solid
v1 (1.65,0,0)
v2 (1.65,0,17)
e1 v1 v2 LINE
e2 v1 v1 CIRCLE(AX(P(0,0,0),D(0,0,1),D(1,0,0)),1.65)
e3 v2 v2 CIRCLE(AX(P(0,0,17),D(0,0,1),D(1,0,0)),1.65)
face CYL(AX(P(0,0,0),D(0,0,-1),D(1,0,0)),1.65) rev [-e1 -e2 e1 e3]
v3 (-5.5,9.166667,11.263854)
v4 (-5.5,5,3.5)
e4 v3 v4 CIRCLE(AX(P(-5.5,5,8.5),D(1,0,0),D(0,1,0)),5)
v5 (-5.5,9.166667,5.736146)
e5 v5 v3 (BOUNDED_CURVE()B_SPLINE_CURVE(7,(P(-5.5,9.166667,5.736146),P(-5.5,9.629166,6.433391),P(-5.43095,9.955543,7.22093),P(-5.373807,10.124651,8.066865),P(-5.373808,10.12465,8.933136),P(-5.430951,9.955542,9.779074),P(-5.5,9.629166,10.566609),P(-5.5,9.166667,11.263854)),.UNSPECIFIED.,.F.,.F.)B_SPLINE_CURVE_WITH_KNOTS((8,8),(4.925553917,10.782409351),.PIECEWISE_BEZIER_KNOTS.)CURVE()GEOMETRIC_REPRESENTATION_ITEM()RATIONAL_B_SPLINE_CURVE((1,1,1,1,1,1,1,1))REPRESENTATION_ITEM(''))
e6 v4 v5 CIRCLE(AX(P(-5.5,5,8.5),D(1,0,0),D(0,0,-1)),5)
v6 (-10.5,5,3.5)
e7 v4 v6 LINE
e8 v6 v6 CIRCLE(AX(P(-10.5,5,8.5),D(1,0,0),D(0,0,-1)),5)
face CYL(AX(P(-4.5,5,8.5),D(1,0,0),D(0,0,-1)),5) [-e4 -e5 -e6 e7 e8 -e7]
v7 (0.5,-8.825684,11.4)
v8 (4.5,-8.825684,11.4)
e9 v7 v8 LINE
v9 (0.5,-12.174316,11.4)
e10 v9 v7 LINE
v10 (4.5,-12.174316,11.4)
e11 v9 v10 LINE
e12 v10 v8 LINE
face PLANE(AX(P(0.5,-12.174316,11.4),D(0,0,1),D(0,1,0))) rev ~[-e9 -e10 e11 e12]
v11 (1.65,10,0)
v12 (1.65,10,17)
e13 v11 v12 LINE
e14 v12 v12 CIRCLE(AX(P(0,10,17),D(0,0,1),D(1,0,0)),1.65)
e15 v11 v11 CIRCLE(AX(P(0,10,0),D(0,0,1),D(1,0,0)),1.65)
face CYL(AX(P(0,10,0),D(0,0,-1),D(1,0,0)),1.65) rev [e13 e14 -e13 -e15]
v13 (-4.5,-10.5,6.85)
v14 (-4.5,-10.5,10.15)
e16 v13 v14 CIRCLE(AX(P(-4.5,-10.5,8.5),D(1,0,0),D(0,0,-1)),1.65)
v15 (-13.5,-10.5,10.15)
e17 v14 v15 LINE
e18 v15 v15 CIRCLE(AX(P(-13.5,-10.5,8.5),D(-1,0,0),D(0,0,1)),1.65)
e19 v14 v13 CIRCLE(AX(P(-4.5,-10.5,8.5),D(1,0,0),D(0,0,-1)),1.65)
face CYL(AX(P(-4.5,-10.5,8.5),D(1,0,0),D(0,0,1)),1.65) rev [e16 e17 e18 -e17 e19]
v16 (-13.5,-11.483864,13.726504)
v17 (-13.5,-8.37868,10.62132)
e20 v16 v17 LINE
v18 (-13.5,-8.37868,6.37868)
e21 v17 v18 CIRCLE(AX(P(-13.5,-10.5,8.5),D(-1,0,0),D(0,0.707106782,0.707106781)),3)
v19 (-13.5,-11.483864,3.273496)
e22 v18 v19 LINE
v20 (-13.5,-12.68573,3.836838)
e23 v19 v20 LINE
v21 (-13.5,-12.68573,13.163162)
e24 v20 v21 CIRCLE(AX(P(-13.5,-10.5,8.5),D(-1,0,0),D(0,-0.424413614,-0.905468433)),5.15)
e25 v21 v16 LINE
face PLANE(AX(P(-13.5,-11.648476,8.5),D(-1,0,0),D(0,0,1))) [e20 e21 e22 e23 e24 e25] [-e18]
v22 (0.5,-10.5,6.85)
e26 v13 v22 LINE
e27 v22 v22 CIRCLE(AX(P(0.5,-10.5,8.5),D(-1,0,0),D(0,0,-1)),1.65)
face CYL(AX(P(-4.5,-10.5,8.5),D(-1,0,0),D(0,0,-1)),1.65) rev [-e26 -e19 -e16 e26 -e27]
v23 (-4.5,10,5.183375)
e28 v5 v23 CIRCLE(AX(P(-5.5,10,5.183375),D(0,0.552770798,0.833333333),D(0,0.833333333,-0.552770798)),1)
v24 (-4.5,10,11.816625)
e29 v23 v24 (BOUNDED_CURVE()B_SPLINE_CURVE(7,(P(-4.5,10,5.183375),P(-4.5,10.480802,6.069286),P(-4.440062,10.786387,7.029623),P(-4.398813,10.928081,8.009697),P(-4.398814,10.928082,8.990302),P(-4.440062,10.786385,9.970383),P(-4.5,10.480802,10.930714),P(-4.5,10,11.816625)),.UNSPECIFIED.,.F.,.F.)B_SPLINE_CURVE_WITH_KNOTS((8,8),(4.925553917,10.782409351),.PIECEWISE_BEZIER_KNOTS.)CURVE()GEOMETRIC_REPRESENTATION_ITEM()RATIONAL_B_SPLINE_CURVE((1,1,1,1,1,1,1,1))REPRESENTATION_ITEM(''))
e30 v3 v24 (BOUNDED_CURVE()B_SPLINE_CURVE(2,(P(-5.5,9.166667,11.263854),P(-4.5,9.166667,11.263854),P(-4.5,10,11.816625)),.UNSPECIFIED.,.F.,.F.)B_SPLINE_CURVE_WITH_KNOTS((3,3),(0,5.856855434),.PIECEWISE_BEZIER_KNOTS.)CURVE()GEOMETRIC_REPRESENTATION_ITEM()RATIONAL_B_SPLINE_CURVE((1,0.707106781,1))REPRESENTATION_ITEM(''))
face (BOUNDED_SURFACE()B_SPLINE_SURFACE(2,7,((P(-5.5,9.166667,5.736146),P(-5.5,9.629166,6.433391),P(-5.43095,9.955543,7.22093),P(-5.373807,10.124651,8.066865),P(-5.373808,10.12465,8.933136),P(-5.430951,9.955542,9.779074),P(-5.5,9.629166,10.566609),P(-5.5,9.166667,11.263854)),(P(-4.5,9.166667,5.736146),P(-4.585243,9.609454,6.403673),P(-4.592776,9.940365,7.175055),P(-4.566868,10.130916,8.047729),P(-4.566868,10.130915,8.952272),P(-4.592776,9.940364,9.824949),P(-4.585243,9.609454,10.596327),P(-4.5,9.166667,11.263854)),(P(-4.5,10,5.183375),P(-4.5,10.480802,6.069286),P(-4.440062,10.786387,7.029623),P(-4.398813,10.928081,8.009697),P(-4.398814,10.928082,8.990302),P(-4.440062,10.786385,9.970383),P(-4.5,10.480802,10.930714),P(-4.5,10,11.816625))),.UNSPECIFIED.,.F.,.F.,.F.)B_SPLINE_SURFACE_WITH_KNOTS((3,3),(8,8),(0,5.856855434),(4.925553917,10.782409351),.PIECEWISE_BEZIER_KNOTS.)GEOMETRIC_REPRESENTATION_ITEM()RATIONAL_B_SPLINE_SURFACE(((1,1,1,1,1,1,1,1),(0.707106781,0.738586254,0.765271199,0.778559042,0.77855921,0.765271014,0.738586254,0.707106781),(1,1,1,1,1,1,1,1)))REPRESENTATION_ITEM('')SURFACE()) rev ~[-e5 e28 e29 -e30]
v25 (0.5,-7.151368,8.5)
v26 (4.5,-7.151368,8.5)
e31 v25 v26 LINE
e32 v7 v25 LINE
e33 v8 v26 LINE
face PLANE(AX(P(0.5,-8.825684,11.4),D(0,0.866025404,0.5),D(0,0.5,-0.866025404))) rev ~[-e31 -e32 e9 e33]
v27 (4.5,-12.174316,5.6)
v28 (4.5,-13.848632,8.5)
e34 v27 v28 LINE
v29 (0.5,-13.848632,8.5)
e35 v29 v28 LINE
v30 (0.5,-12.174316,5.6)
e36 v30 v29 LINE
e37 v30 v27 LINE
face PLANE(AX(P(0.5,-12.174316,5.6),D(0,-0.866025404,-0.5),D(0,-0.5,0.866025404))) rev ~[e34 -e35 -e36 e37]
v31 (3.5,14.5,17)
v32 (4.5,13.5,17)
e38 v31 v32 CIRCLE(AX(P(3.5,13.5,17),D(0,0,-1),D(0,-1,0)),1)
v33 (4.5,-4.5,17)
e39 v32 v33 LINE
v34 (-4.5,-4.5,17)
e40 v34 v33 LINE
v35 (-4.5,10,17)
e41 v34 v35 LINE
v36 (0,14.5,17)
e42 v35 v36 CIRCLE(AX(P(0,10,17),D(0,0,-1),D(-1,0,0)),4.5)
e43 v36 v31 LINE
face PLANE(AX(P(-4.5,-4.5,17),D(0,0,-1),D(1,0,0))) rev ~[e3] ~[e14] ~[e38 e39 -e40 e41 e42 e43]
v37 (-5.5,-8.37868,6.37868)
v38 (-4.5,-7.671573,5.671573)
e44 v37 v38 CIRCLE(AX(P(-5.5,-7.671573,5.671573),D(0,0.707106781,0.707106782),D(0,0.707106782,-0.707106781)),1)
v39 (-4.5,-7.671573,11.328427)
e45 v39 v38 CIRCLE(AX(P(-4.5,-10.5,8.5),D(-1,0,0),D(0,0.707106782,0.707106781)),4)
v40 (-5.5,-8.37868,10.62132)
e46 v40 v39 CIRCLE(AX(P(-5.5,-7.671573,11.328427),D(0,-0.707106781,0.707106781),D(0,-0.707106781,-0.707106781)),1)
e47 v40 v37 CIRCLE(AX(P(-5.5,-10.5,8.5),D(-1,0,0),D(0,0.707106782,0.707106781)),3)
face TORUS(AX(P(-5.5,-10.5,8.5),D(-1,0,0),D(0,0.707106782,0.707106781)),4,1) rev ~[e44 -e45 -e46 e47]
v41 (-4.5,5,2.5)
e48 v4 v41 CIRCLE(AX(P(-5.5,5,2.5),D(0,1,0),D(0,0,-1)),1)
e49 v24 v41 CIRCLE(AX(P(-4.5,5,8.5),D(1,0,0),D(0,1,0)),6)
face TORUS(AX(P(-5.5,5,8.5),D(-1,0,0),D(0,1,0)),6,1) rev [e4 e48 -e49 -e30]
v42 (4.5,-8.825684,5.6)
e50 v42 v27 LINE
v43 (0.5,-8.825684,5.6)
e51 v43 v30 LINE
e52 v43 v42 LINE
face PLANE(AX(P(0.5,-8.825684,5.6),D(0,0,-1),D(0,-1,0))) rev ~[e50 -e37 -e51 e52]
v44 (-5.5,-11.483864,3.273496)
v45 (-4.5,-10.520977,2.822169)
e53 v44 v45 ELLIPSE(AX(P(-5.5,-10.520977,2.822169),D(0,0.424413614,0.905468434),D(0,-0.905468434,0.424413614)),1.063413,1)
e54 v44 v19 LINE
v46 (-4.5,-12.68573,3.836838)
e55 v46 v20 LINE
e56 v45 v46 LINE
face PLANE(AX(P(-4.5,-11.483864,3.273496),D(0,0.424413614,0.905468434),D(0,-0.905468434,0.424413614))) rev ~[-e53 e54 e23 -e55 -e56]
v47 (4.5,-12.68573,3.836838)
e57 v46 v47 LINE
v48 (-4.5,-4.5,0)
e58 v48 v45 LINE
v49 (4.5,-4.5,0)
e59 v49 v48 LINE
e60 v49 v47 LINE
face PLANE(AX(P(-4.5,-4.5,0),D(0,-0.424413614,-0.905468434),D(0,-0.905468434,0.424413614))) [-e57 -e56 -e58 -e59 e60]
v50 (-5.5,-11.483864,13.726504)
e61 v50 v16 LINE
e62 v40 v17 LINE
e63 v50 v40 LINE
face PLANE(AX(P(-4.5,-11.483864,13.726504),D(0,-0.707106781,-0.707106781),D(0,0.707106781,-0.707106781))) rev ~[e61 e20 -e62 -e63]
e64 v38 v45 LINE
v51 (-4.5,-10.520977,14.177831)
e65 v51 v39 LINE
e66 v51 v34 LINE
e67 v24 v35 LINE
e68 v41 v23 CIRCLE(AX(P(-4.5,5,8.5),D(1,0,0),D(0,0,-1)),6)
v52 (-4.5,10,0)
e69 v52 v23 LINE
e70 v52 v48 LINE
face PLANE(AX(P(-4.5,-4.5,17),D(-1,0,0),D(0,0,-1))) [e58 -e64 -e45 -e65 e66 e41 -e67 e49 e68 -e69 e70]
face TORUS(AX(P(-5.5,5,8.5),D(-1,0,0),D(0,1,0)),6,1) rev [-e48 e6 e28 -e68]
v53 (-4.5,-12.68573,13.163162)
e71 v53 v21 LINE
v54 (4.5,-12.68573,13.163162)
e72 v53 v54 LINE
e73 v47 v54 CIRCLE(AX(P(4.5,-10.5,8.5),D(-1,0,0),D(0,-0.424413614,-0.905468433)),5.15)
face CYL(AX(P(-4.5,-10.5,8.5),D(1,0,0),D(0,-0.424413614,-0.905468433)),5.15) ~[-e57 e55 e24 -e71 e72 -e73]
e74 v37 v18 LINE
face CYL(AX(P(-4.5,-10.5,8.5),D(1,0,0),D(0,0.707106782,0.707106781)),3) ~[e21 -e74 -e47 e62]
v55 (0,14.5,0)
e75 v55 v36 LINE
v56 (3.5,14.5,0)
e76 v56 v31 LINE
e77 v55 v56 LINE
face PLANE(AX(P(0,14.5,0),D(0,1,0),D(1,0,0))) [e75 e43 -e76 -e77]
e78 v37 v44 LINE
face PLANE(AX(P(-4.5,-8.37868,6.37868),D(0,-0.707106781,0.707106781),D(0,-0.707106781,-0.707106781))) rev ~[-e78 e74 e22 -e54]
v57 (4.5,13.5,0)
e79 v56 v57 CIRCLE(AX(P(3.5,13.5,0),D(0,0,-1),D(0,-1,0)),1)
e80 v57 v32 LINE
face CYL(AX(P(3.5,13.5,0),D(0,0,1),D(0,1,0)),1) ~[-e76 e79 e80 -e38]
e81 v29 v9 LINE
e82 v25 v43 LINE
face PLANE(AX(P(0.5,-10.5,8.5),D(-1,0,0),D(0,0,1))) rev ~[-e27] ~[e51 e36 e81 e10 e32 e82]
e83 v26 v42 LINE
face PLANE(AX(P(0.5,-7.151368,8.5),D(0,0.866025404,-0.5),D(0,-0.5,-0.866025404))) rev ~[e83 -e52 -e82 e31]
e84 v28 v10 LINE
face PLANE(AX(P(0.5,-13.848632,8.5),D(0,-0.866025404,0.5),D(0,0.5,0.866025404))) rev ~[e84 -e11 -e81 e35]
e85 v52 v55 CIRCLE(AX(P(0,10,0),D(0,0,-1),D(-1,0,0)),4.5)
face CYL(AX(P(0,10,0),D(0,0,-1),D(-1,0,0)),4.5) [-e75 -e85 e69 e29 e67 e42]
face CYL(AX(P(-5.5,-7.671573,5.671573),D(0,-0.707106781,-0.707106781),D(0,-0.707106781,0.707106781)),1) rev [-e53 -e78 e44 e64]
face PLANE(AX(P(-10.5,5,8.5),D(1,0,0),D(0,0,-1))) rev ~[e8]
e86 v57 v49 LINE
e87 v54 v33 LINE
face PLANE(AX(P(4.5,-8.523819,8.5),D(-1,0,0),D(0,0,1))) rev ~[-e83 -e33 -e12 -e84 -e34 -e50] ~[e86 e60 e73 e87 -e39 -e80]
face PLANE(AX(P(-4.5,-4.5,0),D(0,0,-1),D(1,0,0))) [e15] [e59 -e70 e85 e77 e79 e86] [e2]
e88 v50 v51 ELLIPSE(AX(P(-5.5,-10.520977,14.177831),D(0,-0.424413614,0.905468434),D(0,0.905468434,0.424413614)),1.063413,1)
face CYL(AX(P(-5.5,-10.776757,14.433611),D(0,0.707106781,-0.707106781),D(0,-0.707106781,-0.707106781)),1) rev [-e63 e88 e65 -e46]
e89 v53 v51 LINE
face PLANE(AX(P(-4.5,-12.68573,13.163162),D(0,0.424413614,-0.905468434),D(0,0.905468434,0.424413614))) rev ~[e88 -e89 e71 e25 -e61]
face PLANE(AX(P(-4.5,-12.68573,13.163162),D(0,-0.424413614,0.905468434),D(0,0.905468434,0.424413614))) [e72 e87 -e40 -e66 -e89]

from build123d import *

# Parameters (mm, degrees)
SKETCH2_R           = 1.65
BOSS_EXTRUDE1_DEPTH = 17
BOSS_EXTRUDE2_START = -9
SKETCH3_R           = 1.65
BOSS_EXTRUDE2_DEPTH = 9
BOSS_EXTRUDE4_REACH = 21
SKETCH4_W           = 4.5
SKETCH4_H           = 17
CUT_EXTRUDE2_START  = -5
CUT_EXTRUDE2_DEPTH  = 13
SKETCH11_R          = 5
BOSS_EXTRUDE5_DEPTH = 6
FILLET1_R           = 1
FILLET2_R           = 1
SKETCH12_R          = 1.65
BOSS_EXTRUDE6_DEPTH = 9
FILLET3_R           = 1


with BuildPart() as part:
    # Sketch2 → Boss-Extrude1 (new body)
    with BuildSketch(Plane.XY):
        with BuildLine():
            Line((-4.5, 0), (-4.5, 10))
            ThreePointArc((-4.5, 10), (-3.181980515, 13.181980515), (0, 14.5))
            Line((0, 14.5), (4.5, 14.5))
            Line((4.5, 14.5), (4.5, -4.5))
            Line((4.5, -4.5), (0, -4.5))
            ThreePointArc((0, -4.5), (-3.181980515, -3.181980515), (-4.5, 0))
        make_face()
        with Locations((0, 10)):
            Circle(SKETCH2_R, mode=Mode.SUBTRACT)
        Circle(SKETCH2_R, mode=Mode.SUBTRACT)
    extrude(amount=BOSS_EXTRUDE1_DEPTH)

    # Sketch3 → Boss-Extrude2 (add)
    with BuildSketch(Plane(origin=(4.5, 0, 0), x_dir=(0, 0, -1), z_dir=(1, 0, 0)).offset(BOSS_EXTRUDE2_START)):
        with BuildLine():
            Line((-13.163162433, -12.685730113), (-17, -4.5))
            Line((-17, -4.5), (0, -4.5))
            Line((0, -4.5), (-3.836837567, -12.685730113))
            ThreePointArc((-3.836837567, -12.685730113), (-8.5, -15.65), (-13.163162433, -12.685730113))
        make_face()
        with Locations((-8.5, -10.5)):
            Circle(SKETCH3_R, mode=Mode.SUBTRACT)
    extrude(amount=BOSS_EXTRUDE2_DEPTH)

    # Sketch4 → Boss-Extrude4 (add, up to next)
    with BuildSketch(Plane(origin=(0, -4.5, 0), x_dir=(1, 0, 0), z_dir=(0, 1, 0)), mode=Mode.PRIVATE) as boss_extrude4_sk1:
        with Locations((-2.25, -8.5)):
            Rectangle(SKETCH4_W, SKETCH4_H)
    boss_extrude4_tool1 = extrude(boss_extrude4_sk1.sketch, amount=BOSS_EXTRUDE4_REACH, mode=Mode.PRIVATE) - part.part
    add(boss_extrude4_tool1.solids().sort_by_distance((-2.25, -4.5, 8.5))[0])

    # Sketch8 → Cut-Extrude2 (cut)
    with BuildSketch(Plane.ZY.offset(4.5).offset(CUT_EXTRUDE2_START)):
        Polygon((8.5, -7.151368439), (5.6, -8.825684219), (5.6, -12.174315781), (8.5, -13.848631561), (11.4, -12.174315781), (11.4, -8.825684219), align=None)
    extrude(amount=-CUT_EXTRUDE2_DEPTH, mode=Mode.SUBTRACT)

    # Sketch11 → Boss-Extrude5 (add)
    with BuildSketch(Plane(origin=(-4.5, 0, 0), x_dir=(0, 0, -1), z_dir=(1, 0, 0))):
        with Locations((-8.5, 5)):
            Circle(SKETCH11_R)
    extrude(amount=-BOSS_EXTRUDE5_DEPTH)

    # Fillet1
    fillet1_edges = [part.edges().sort_by_distance(p)[0] for p in [
        (-4.5, 8.535533906, 4.964466094),
    ]]
    fillet(fillet1_edges, radius=FILLET1_R)

    # Fillet2
    fillet2_edges = [part.edges().sort_by_distance(p)[0] for p in [
        (4.5, 14.5, 8.5),
    ]]
    fillet(fillet2_edges, radius=FILLET2_R)

    # Sketch12 → Boss-Extrude6 (add)
    with BuildSketch(Plane.ZY.offset(4.5)):
        with BuildLine():
            Line((13.163162433, -12.685730113), (13.726504471, -11.483863783))
            Line((13.726504471, -11.483863783), (10.621320344, -8.378679656))
            ThreePointArc((10.621320344, -8.378679656), (8.5, -7.5), (6.378679656, -8.378679656))
            Line((6.378679656, -8.378679656), (3.273495529, -11.483863783))
            Line((3.273495529, -11.483863783), (3.836837567, -12.685730113))
            ThreePointArc((3.836837567, -12.685730113), (8.5, -15.65), (13.163162433, -12.685730113))
        make_face()
        with Locations((8.5, -10.5)):
            Circle(SKETCH12_R, mode=Mode.SUBTRACT)
    extrude(amount=BOSS_EXTRUDE6_DEPTH)

    # Fillet3
    fillet3_edges = [part.edges().sort_by_distance(p)[0] for p in [
        (-4.5, -7.5, 8.5),
        (-4.5, -9.93127172, 4.826087593),
        (-4.5, -9.93127172, 12.173912407),
    ]]
    fillet(fillet3_edges, radius=FILLET3_R)


solid = part.part
